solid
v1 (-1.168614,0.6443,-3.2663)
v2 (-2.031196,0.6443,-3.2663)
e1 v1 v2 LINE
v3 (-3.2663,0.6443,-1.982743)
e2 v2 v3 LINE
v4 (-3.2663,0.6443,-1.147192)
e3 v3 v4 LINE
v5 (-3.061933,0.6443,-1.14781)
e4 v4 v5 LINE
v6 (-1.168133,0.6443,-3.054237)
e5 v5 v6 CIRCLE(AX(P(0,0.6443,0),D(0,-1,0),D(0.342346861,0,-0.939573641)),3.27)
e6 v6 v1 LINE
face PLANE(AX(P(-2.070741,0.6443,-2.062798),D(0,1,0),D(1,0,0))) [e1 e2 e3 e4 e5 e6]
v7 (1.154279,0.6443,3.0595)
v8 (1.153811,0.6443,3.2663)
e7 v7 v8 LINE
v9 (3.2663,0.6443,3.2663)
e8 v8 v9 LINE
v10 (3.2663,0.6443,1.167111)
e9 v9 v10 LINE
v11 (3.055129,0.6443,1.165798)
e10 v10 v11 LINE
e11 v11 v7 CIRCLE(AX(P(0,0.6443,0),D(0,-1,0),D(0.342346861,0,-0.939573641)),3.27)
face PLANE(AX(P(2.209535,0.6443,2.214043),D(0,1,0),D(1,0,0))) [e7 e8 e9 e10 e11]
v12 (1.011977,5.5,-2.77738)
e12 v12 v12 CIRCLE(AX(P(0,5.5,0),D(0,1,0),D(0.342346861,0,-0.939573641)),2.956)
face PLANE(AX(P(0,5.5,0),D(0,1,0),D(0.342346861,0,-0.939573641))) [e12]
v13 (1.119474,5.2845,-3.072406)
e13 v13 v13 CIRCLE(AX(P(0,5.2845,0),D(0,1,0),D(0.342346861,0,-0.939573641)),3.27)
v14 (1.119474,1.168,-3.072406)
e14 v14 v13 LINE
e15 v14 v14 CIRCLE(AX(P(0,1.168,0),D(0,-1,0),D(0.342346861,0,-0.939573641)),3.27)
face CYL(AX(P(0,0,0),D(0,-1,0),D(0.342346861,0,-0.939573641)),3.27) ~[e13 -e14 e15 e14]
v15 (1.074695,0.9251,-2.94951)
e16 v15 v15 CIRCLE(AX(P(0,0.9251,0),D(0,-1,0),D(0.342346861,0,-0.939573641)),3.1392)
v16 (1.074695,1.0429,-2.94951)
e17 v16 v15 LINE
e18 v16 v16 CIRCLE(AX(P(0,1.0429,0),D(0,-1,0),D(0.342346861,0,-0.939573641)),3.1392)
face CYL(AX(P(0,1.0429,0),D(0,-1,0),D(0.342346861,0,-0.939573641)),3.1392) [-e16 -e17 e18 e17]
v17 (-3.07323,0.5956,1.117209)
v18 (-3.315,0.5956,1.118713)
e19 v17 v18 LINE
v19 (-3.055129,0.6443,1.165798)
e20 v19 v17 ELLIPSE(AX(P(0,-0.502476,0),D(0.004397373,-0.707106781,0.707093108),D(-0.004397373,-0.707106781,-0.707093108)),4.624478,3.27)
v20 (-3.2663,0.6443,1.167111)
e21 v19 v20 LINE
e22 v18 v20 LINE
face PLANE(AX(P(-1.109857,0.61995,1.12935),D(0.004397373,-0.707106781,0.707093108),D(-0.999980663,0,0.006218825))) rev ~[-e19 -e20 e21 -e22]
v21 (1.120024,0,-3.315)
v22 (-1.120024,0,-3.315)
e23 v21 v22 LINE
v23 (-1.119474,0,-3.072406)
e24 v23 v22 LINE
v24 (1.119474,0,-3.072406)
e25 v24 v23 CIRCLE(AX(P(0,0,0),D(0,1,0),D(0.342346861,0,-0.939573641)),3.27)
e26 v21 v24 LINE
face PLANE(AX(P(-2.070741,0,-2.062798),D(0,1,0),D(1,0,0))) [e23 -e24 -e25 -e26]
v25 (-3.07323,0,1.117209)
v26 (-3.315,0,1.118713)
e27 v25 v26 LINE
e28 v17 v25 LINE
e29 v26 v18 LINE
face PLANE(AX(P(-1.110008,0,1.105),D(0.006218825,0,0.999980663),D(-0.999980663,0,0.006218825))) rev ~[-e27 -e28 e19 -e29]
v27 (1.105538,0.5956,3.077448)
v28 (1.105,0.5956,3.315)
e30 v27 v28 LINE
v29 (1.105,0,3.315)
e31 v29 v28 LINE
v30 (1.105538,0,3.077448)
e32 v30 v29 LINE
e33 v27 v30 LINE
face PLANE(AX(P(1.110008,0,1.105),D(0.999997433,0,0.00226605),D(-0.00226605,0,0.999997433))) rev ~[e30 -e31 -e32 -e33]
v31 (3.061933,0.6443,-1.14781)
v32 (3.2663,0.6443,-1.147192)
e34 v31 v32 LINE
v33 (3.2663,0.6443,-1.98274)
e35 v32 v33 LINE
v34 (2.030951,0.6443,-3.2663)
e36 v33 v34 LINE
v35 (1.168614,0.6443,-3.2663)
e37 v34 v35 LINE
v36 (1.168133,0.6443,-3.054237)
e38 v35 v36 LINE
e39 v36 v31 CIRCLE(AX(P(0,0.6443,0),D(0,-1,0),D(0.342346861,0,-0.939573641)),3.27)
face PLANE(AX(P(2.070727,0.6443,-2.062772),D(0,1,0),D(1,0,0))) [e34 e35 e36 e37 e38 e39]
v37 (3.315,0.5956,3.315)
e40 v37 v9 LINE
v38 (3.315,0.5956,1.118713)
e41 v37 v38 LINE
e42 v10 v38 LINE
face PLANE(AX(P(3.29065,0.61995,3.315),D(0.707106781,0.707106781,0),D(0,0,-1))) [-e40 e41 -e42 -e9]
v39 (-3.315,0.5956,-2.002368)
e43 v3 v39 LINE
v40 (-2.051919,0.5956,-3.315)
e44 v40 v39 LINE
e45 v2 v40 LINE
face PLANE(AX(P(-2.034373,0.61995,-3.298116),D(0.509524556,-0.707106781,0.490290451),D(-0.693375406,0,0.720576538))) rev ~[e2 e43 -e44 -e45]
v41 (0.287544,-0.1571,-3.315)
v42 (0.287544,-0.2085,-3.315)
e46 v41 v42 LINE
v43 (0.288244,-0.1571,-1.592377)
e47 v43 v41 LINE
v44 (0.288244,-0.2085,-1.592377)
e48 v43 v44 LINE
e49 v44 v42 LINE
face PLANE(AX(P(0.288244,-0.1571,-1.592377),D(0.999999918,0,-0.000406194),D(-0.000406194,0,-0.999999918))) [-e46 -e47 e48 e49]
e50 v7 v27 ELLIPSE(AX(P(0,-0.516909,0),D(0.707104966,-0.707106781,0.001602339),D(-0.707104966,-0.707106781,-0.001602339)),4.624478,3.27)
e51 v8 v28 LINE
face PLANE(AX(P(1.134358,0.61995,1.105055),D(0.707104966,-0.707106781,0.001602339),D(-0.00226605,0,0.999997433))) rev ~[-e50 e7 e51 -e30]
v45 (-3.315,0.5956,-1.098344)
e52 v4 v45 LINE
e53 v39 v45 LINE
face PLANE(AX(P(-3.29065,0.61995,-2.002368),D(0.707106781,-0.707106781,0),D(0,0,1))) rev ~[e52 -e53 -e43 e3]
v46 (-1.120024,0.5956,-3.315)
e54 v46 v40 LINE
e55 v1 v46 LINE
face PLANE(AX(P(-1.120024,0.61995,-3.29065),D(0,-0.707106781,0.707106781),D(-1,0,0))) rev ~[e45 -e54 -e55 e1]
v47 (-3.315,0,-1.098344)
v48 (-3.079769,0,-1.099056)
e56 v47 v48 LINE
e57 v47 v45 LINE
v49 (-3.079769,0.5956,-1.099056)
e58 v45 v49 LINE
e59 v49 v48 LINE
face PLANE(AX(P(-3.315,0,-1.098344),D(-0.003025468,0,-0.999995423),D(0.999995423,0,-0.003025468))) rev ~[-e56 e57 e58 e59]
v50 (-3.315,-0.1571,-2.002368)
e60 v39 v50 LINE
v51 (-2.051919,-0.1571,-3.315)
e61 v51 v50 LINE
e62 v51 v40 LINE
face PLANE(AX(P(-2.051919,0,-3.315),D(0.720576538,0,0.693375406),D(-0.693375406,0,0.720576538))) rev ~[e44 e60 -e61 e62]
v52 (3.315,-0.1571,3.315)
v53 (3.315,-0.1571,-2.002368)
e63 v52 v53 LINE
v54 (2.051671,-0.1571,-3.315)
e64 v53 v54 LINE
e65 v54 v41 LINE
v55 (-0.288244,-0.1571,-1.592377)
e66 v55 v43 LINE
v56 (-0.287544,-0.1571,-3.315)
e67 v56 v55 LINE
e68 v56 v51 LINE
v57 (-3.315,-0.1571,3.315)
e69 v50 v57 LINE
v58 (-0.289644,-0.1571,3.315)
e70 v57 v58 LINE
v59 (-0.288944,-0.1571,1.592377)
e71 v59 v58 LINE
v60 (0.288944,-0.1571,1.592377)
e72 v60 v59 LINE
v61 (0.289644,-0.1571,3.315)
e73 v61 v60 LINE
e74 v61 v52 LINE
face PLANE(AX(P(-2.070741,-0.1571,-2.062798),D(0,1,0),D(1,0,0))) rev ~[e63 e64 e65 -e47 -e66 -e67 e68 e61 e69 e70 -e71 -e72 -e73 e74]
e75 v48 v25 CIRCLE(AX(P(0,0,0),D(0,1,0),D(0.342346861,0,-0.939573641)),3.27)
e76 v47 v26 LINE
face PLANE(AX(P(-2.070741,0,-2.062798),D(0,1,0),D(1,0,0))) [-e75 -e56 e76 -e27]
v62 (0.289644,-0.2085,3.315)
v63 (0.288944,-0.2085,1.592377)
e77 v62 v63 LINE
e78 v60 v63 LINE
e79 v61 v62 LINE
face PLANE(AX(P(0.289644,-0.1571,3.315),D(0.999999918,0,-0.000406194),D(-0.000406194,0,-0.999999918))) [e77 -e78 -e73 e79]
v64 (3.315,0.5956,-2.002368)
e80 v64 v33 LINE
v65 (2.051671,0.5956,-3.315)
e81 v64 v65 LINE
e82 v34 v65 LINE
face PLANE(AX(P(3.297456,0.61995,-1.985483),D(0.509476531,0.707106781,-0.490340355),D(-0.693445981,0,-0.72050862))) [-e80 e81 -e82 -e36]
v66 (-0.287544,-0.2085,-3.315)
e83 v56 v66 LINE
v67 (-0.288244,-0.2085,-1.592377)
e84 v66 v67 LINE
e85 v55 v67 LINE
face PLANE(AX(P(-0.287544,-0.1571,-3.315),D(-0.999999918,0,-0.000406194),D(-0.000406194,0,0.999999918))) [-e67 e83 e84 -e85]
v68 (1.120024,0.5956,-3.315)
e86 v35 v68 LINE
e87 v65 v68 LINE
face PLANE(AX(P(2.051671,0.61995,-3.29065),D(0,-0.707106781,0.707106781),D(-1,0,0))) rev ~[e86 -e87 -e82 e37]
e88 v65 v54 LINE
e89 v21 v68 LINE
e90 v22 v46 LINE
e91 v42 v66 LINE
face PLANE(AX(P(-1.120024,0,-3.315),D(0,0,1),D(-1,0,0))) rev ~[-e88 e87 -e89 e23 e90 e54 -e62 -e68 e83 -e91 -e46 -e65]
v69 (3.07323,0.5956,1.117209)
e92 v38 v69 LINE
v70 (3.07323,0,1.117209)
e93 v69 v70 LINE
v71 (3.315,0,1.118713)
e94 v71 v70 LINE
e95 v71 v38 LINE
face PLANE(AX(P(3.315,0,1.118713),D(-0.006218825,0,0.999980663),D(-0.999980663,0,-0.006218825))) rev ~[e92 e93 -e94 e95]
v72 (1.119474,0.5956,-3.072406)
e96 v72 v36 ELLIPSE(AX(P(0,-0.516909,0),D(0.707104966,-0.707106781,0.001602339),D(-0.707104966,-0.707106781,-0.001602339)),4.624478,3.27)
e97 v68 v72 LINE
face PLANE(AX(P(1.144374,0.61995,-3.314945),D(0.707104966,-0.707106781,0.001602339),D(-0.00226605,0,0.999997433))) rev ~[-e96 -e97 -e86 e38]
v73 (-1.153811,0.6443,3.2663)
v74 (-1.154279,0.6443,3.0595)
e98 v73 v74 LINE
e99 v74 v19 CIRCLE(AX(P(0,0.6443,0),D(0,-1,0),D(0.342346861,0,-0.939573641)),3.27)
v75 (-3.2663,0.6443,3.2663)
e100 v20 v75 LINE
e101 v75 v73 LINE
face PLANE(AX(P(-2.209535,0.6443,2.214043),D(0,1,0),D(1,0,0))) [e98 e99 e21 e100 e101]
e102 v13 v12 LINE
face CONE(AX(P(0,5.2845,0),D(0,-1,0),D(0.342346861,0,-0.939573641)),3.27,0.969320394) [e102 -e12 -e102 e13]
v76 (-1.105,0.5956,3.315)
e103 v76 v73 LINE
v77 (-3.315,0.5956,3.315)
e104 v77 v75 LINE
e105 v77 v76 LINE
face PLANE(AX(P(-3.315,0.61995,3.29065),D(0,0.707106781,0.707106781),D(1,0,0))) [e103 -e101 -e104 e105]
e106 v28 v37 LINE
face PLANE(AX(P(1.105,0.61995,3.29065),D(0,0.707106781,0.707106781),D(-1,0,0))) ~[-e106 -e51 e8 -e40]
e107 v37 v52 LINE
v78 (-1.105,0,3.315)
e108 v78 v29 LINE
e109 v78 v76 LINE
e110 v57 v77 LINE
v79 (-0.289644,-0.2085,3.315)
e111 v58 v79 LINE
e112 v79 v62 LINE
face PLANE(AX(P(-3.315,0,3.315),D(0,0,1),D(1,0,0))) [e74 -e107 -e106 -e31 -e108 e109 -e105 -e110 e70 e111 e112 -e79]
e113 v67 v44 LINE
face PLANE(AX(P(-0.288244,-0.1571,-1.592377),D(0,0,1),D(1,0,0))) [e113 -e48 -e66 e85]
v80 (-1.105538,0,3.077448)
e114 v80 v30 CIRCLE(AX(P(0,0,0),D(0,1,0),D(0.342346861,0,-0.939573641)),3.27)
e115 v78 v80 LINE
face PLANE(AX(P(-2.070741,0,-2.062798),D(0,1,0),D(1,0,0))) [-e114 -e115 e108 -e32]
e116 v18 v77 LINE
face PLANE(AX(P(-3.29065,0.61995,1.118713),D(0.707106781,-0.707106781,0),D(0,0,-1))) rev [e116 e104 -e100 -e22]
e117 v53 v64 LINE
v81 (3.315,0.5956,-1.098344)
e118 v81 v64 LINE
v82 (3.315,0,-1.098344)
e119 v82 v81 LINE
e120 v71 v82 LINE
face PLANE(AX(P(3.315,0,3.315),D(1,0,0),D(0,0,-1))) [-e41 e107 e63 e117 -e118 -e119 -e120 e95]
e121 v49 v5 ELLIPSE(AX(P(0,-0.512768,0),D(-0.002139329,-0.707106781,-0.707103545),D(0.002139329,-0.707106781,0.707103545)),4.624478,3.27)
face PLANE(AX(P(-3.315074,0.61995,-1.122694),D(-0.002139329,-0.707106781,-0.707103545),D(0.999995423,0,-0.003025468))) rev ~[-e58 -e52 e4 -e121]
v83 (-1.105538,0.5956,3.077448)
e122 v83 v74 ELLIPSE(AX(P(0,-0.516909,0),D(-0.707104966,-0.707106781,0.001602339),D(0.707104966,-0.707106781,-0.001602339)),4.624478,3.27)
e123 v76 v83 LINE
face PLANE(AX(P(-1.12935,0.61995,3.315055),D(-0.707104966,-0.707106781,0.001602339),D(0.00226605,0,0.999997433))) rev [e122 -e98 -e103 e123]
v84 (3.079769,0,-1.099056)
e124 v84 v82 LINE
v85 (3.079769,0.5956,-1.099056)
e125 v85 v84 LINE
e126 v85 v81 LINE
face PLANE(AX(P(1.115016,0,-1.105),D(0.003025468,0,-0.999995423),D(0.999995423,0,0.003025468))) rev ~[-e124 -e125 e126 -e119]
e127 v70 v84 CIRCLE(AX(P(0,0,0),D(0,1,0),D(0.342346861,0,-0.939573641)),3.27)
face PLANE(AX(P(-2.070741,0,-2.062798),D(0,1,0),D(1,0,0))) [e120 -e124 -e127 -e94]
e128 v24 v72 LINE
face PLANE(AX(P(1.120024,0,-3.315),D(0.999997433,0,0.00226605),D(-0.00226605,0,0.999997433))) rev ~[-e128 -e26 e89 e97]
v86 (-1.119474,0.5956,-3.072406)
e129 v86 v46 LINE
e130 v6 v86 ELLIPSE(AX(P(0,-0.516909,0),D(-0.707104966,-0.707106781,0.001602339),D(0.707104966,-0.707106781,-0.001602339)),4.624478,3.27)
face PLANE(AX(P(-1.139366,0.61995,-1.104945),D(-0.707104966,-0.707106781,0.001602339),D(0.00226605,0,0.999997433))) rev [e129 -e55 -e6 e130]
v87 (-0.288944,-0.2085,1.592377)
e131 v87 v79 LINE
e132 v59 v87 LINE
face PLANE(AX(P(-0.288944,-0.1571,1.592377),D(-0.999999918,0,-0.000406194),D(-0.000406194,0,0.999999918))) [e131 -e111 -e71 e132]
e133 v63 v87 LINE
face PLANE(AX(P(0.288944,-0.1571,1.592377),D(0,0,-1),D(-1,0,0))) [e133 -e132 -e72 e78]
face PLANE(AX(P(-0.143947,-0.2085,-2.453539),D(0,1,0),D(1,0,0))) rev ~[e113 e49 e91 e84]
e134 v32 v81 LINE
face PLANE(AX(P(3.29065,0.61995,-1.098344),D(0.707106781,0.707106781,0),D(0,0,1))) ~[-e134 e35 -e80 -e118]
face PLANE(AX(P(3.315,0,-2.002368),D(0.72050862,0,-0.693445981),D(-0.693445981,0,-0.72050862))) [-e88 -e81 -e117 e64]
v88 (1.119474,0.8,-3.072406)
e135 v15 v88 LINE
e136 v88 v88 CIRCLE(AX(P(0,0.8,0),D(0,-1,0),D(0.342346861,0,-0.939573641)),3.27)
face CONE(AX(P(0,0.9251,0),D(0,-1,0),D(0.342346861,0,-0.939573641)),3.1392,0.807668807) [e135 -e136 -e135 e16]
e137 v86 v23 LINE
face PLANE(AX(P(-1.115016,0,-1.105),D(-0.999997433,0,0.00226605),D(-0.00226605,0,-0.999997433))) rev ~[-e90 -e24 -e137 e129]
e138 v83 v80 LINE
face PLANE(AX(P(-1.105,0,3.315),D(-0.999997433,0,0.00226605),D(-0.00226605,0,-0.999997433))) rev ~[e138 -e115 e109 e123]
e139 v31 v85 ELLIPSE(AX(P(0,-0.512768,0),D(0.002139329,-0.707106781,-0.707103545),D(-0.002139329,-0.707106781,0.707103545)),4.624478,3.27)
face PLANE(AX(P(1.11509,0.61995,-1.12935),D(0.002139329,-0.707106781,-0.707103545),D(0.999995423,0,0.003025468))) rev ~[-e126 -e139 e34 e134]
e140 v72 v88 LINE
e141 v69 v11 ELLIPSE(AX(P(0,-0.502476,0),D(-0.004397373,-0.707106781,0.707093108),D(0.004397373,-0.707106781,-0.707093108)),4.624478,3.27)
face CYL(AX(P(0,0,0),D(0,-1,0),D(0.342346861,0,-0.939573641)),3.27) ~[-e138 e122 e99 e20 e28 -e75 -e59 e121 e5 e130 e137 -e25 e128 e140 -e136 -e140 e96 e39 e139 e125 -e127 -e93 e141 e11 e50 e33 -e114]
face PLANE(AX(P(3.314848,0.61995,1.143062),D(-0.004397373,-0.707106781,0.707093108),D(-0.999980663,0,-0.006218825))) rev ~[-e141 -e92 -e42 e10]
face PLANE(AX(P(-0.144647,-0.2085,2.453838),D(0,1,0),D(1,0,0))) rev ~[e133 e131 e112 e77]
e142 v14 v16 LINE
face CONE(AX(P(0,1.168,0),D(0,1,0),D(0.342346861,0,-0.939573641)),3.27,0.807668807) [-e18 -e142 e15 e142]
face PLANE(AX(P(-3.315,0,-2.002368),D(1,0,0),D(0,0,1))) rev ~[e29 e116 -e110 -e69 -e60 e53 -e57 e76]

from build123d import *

# Parameters (mm, degrees)
BOSS_EXTRUDE1_DEPTH = 0.1571
BOSS_EXTRUDE2_DEPTH = 0.6443
CHAMFER1_SIZE       = 0.0487
BOSS_EXTRUDE3_START = -0.1571
BOSS_EXTRUDE3_DEPTH = 0.0514
SKETCH2_R           = 3.27
BOSS_EXTRUDE4_DEPTH = 5.5
CHAMFER2_SIZE       = 0.2155
CHAMFER2_SIZE2      = 0.314


with BuildPart() as part:
    # Sketch1 → Boss-Extrude1 (new body)
    with BuildSketch(Plane(origin=(0, 0, 0), x_dir=(1, 0, 0), z_dir=(0, 1, 0))):
        Polygon((-1.115015984, 1.105000019), (-1.120023966, 3.314999898), (-2.051918983, 3.314999898), (-3.314999898, 2.002368291), (-3.314999898, 1.098344008), align=None)
        Polygon((0, -1.592377345), (0, 1.592377345), (-0.288244069, 1.592377345), (-0.28754435, 3.314999898), (-1.120023966, 3.314999898), (-1.115015984, 1.105000019), (-3.314999898, 1.098344008), (-3.314999898, -1.118712743), (-1.110008001, -1.105000019), (-1.105000019, -3.314999898), (-0.289643526, -3.314999898), (-0.288943807, -1.592377345), align=None)
        Polygon((-3.314999898, -3.314999898), (-1.105000019, -3.314999898), (-1.110008001, -1.105000019), (-3.314999898, -1.118712743), align=None)
        Polygon((0.288943807, -1.592377345), (0, -1.592377345), (0, -3.314999898), (0.289643526, -3.314999898), align=None)
        Polygon((0, -3.314999898), (0, -1.592377345), (-0.288943807, -1.592377345), (-0.289643526, -3.314999898), align=None)
        Polygon((0, 1.592377345), (0, 3.314999898), (-0.28754435, 3.314999898), (-0.288244069, 1.592377345), align=None)
        Polygon((0.28754435, 3.314999898), (0, 3.314999898), (0, 1.592377345), (0.288244069, 1.592377345), align=None)
        Polygon((0.288244069, 1.592377345), (0, 1.592377345), (0, -1.592377345), (0.288943807, -1.592377345), (0.289643526, -3.314999898), (1.105000019, -3.314999898), (1.110008001, -1.10500002), (3.314999898, -1.118712743), (3.314999898, 1.098344008), (1.115015984, 1.105000019), (1.120023966, 3.314999898), (0.28754435, 3.314999898), align=None)
        Polygon((2.051671346, 3.314999898), (1.120023966, 3.314999898), (1.115015984, 1.105000019), (3.314999898, 1.098344008), (3.314999898, 2.002368291), align=None)
        Polygon((1.110008001, -1.10500002), (1.105000019, -3.314999898), (3.314999898, -3.314999898), (3.314999898, -1.118712743), align=None)
    extrude(amount=-BOSS_EXTRUDE1_DEPTH)

    # Sketch1<4> → Boss-Extrude2 (add)
    with BuildSketch(Plane(origin=(0, 0, 0), x_dir=(1, 0, 0), z_dir=(0, 1, 0))):
        Polygon((-1.115015984, 1.105000019), (-1.120023966, 3.314999898), (-2.051918983, 3.314999898), (-3.314999898, 2.002368291), (-3.314999898, 1.098344008), align=None)
        Polygon((-3.314999898, -3.314999898), (-1.105000019, -3.314999898), (-1.110008001, -1.105000019), (-3.314999898, -1.118712743), align=None)
        Polygon((1.115015984, 1.105000019), (3.314999898, 1.098344008), (3.314999898, 2.002368291), (2.051671346, 3.314999898), (1.120023966, 3.314999898), align=None)
        Polygon((1.105000019, -3.314999898), (3.314999898, -3.314999898), (3.314999898, -1.118712743), (1.110008001, -1.10500002), align=None)
    extrude(amount=BOSS_EXTRUDE2_DEPTH)

    # Chamfer1
    chamfer1_edges = [part.edges().sort_by_distance(p)[0] for p in [
        (2.212503949, 0.6443, 1.111856381),
        (3.314999898, 0.6443, 2.216856321),
        (2.209999959, 0.6443, 3.314999898),
        (1.10750401, 0.6443, 2.209999959),
        (1.117519975, 0.6443, -2.209999959),
        (1.585847656, 0.6443, -3.314999898),
        (2.683335622, 0.6443, -2.658684095),
        (3.314999898, 0.6443, -1.55035615),
        (2.215007941, 0.6443, -1.101672014),
        (-2.215007941, 0.6443, -1.101672014),
        (-3.314999898, 0.6443, -1.55035615),
        (-2.683459441, 0.6443, -2.658684095),
        (-1.585971475, 0.6443, -3.314999898),
        (-1.117519975, 0.6443, -2.209999959),
        (-2.209999959, 0.6443, 3.314999898),
        (-3.314999898, 0.6443, 2.216856321),
        (-2.21250395, 0.6443, 1.111856381),
        (-1.10750401, 0.6443, 2.209999959),
    ]]
    chamfer(chamfer1_edges, length=CHAMFER1_SIZE)

    # Sketch1<5> → Boss-Extrude3 (add)
    with BuildSketch(Plane(origin=(0, 0, 0), x_dir=(1, 0, 0), z_dir=(0, 1, 0)).offset(BOSS_EXTRUDE3_START)):
        Polygon((0, -3.314999898), (0, -1.592377345), (-0.288943807, -1.592377345), (-0.289643526, -3.314999898), align=None)
        Polygon((0.288943807, -1.592377345), (0, -1.592377345), (0, -3.314999898), (0.289643526, -3.314999898), align=None)
        Polygon((0, 1.592377345), (0, 3.314999898), (-0.28754435, 3.314999898), (-0.288244069, 1.592377345), align=None)
        Polygon((0.28754435, 3.314999898), (0, 3.314999898), (0, 1.592377345), (0.288244069, 1.592377345), align=None)
    extrude(amount=-BOSS_EXTRUDE3_DEPTH)

    # Sketch2 → Boss-Extrude4 (add)
    with BuildSketch(Plane(origin=(0, 0, 0), x_dir=(1, 0, 0), z_dir=(0, 1, 0))):
        with Locations(Location((0, 0, 0), (0, 0, 69.980077841))):
            Circle(SKETCH2_R)
    extrude(amount=BOSS_EXTRUDE4_DEPTH)

    # Chamfer2
    chamfer2_edges = [part.edges().sort_by_distance(p)[0] for p in [
        (-1.119474234, 5.5, 3.072405806),
    ]]
    chamfer2_side = [part.faces().sort_by_distance(p)[0] for p in [
        (-1.119474234, 2.75, 3.072405806),
    ]]
    chamfer(chamfer2_edges, length=CHAMFER2_SIZE, length2=CHAMFER2_SIZE2, reference=chamfer2_side[0])

    # Sketch3 → Cut-Revolve1 (revolve, cut)
    with BuildSketch(Plane.XY, mode=Mode.PRIVATE) as cut_revolve1_sk:
        Polygon((3.1392, 1.0429), (3.1392, 0.9251), (3.27, 0.8), (3.27, 1.168), align=None)
    revolve(cut_revolve1_sk.sketch.rotate(Axis((0, 5.2845, 0), (0, -1, 0)), 290.019922159), axis=Axis((0, 5.2845, 0), (0, -1, 0)), mode=Mode.SUBTRACT)


solid = part.part
